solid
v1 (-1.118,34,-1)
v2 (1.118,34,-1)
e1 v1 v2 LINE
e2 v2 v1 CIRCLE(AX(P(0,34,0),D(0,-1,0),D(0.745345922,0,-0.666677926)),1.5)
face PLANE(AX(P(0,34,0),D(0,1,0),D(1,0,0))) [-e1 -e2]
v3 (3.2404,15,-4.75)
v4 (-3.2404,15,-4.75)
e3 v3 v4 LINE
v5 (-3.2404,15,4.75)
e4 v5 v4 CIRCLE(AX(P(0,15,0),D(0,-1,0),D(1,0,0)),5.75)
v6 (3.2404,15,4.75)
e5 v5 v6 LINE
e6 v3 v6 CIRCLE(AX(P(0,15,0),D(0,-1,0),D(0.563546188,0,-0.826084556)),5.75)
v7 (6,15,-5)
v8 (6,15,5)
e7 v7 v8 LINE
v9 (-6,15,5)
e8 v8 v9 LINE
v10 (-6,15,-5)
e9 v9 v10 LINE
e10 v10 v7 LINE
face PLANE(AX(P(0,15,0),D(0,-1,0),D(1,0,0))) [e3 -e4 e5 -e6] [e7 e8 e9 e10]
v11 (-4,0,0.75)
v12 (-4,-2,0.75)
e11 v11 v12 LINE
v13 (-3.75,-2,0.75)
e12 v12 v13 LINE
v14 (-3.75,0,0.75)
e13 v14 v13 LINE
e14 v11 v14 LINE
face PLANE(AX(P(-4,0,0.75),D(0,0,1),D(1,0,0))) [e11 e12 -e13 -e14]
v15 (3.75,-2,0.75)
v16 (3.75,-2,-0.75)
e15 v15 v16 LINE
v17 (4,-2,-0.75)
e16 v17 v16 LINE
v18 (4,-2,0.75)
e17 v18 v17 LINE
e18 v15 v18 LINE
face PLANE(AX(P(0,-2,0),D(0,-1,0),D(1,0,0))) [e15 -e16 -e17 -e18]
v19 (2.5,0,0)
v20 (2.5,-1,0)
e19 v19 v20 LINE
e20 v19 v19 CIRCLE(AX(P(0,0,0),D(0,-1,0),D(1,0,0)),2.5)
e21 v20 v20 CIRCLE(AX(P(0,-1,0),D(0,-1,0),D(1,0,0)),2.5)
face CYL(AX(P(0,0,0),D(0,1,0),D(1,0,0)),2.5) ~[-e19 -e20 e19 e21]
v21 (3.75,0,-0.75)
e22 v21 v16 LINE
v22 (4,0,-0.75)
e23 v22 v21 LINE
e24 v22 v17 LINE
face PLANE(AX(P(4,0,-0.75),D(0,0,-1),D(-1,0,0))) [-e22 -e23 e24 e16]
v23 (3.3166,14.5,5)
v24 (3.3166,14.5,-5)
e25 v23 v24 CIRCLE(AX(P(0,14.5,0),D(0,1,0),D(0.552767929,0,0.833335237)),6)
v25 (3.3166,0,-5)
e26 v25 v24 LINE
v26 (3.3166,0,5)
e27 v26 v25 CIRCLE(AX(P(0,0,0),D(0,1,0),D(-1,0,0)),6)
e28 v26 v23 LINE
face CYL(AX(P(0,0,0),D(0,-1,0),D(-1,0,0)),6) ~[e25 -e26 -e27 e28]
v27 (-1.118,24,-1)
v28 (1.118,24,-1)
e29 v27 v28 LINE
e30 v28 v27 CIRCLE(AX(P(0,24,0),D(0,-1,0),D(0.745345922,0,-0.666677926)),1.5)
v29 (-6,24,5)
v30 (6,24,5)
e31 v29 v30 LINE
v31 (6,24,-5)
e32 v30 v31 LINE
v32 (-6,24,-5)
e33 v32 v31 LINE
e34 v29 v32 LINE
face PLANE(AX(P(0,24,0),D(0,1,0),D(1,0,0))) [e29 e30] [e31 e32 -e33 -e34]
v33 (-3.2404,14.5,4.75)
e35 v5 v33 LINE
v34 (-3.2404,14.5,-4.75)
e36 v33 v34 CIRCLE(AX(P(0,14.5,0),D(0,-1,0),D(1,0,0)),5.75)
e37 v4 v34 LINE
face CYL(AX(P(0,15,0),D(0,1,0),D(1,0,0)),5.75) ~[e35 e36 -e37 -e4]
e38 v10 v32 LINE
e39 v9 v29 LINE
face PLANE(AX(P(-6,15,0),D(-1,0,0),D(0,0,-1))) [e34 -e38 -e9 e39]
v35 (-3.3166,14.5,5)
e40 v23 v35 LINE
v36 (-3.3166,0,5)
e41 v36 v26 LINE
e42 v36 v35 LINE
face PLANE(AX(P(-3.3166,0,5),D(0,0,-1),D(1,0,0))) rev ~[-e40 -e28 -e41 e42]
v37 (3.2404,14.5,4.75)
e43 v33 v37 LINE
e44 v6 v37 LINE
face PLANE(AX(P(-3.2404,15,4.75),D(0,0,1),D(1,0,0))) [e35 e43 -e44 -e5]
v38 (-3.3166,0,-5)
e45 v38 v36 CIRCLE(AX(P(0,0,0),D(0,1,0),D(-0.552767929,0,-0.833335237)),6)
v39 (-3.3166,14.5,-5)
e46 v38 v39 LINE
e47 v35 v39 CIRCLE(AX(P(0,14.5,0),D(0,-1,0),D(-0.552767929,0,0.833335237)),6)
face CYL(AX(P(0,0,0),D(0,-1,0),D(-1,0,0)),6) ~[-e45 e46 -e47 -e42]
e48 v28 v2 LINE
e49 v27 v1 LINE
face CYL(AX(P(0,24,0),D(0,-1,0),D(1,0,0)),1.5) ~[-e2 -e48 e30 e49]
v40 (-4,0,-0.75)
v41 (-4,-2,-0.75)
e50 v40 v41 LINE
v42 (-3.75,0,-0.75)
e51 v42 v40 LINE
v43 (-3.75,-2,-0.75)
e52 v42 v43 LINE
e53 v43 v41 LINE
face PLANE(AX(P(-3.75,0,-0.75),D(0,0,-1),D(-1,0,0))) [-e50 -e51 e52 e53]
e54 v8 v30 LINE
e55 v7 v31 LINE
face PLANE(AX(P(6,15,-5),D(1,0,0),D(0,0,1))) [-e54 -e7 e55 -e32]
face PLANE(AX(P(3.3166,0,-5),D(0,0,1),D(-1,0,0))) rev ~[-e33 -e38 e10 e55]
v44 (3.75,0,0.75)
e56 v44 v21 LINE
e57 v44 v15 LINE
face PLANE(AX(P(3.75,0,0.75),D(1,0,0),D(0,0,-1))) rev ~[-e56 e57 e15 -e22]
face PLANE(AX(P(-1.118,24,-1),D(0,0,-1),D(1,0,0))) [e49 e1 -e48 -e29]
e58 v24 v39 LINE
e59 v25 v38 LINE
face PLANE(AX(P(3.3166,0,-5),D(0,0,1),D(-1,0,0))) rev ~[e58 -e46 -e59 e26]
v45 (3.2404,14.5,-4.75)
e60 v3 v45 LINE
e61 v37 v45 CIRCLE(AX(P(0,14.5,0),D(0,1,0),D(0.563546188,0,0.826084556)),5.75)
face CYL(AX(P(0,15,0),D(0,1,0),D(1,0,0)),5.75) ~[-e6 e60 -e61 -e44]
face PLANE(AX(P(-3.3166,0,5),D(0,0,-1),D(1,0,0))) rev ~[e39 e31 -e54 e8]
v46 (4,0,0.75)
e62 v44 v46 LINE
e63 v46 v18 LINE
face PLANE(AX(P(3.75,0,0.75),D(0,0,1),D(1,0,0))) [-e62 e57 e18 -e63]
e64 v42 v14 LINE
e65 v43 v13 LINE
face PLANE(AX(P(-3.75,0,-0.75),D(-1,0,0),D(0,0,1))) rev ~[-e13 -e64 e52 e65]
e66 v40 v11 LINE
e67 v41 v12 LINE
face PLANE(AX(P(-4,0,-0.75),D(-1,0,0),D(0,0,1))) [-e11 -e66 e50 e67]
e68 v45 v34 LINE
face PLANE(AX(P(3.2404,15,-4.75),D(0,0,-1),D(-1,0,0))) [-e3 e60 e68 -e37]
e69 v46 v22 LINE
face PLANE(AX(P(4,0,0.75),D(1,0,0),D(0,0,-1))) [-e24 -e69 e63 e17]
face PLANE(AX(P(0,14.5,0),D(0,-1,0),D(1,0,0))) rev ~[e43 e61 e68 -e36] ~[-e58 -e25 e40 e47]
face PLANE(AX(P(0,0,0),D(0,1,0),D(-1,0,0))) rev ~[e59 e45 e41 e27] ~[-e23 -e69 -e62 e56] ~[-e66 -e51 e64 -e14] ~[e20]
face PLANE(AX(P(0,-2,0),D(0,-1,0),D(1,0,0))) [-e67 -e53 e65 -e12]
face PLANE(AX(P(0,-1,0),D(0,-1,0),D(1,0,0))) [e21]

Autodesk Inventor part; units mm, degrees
ref_plane "YZ Plane" through (0, 0, 0) normal (1, 0, 0) x (0, 1, 0)
ref_plane "XZ Plane" through (0, 0, 0) normal (0, 1, 0) x (-1, 0, 0)
ref_plane "XY Plane" through (0, 0, 0) normal (0, 0, 1) x (1, 0, 0)
sketch "スケッチ1" plane through (0, 0, 0) normal (0, 1, 0) x (-1, 0, 0)
  circle A0 centre (0, 0) radius 6
  line L0 (3.3166, 5) -> (-3.3166, 5)
  line L1 (-3.3166, 5) -> (-3.3166, -5)
  line L2 (-3.3166, -5) -> (3.3166, -5)
  line L3 (3.3166, -5) -> (3.3166, 5)
  dimension "d0" = 12
  dimension "d1" = 10
extrude "押し出し1" add sketch "スケッチ1" along normal blind 15 contours A0 L3 | L3 L2 L1 L0 | L1 A0
sketch "スケッチ2" plane through (0, 0, 0) normal (0, -1, 0) x (1, 0, 0)
  circle A0 centre (0, 0) radius 2.5
  dimension "d4" = 5
extrude "押し出し2" add sketch "スケッチ2" along normal blind 1
sketch "スケッチ3" plane through (0, 0, 0) normal (0, -1, 0) x (1, 0, 0)
  line L0 (4, -0.75) -> (-4, -0.75)
  line L1 (-4, -0.75) -> (-4, 0.75)
  line L2 (-4, 0.75) -> (4, 0.75)
  line L3 (4, 0.75) -> (4, -0.75)
  line L4 (3.75, -0.75) -> (-3.75, -0.75)
  line L5 (-3.75, -0.75) -> (-3.75, 0.75)
  line L6 (-3.75, 0.75) -> (3.75, 0.75)
  line L7 (3.75, 0.75) -> (3.75, -0.75)
  point P0 (0, 0)
  point P1 (4, 0)
  point P2 (0, -0.75)
  point P3 (0, 0.75)
  dimension "d7" = 8
  dimension "d8" = 1.5
  dimension "d9" = 7.5
extrude "押し出し3" add sketch "スケッチ3" along normal blind 2 contours L0 L7 L2 L3 | L0 L1 L2 L5
sketch "スケッチ4" plane through (0, 15, 0) normal (0, 1, 0) x (1, 0, 0)
  line L0 (-6, 5) -> (6, 5)
  line L1 (6, 5) -> (6, -5)
  line L2 (6, -5) -> (-6, -5)
  line L3 (-6, -5) -> (-6, 5)
  line L4 (3.3166, 5) -> (-3.3166, 5) projected
  arc A0 (3.3166, -5) -> (3.3166, 5) centre (0, 0) ccw projected
  arc A1 (-3.3166, 5) -> (-3.3166, -5) centre (0, 0) ccw projected
  line L5 (-3.3166, -5) -> (3.3166, -5) projected
extrude "押し出し4" add sketch "スケッチ4" along normal blind 9
sketch "スケッチ5" plane through (0, 24, 0) normal (0, 1, 0) x (1, 0, 0)
  circle A0 centre (0, 0) radius 1.5
  line L0 (-1.118, 1) -> (1.118, 1)
  dimension "d14" = 3
  dimension "d27" = 1
extrude "押し出し5" add sketch "スケッチ5" along normal blind 10 contours A0 L0 picked at (0.0594, 0.1702)
sketch "スケッチ6" plane through (0, 15, 0) normal (0, -1, 0) x (1, 0, 0)
  arc A0 (6, 0) -> (3.3166, 5) centre (0, 0) ccw projected
  line L0 (6, 5) -> (6, 0) projected
  line L1 (3.3166, 5) -> (6, 5) projected
  arc A1 (3.3166, -5) -> (6, 0) centre (0, 0) ccw projected
  line L2 (6, -5) -> (3.3166, -5) projected
  line L3 (6, 0) -> (6, -5) projected
  arc A2 (-6, 0) -> (-3.3166, -5) centre (0, 0) ccw projected
  line L4 (-6, -5) -> (-6, 0) projected
  line L5 (-3.3166, -5) -> (-6, -5) projected
  arc A3 (-3.3166, 5) -> (-6, 0) centre (0, 0) ccw projected
  line L6 (-6, 5) -> (-3.3166, 5) projected
  line L7 (-6, 0) -> (-6, 5) projected
  arc A4 (1.118, -1) -> (-1.118, -1) centre (0, 0) ccw projected
  line L8 (-6, -5) -> (-6, 5) projected
  line L9 (-6, 5) -> (6, 5) projected
  line L10 (6, 5) -> (6, -5) projected
  line L11 (6, -5) -> (-6, -5) projected
  circle A5 centre (0, 0) radius 5.75
  line L12 (3.2404, -4.75) -> (-3.2404, -4.75)
  line L13 (-3.2404, -4.75) -> (-3.2404, 4.75)
  line L14 (-3.2404, 4.75) -> (3.2404, 4.75)
  line L15 (3.2404, 4.75) -> (3.2404, -4.75)
  line L16 (-1.118, -1) -> (1.118, -1) projected
  point P0 (-3.3166, -5)
  point P1 (3.3166, -5)
  dimension "d17" = 11.5
  dimension "d18" = 9.5
extrude "押し出し6" cut sketch "スケッチ6" along normal blind 0.5 contours A1 L11 A5 L9 A0 | A0 L1 L0 | L3 L2 A1 | A5 L14 L9 | L11 A5 L12 | A5 L11 A2 A3 L9 | A3 L7 L6 | L5 L4 A2
properties part number "motor_6V_60RPM" material "アルミニウム 6061"
